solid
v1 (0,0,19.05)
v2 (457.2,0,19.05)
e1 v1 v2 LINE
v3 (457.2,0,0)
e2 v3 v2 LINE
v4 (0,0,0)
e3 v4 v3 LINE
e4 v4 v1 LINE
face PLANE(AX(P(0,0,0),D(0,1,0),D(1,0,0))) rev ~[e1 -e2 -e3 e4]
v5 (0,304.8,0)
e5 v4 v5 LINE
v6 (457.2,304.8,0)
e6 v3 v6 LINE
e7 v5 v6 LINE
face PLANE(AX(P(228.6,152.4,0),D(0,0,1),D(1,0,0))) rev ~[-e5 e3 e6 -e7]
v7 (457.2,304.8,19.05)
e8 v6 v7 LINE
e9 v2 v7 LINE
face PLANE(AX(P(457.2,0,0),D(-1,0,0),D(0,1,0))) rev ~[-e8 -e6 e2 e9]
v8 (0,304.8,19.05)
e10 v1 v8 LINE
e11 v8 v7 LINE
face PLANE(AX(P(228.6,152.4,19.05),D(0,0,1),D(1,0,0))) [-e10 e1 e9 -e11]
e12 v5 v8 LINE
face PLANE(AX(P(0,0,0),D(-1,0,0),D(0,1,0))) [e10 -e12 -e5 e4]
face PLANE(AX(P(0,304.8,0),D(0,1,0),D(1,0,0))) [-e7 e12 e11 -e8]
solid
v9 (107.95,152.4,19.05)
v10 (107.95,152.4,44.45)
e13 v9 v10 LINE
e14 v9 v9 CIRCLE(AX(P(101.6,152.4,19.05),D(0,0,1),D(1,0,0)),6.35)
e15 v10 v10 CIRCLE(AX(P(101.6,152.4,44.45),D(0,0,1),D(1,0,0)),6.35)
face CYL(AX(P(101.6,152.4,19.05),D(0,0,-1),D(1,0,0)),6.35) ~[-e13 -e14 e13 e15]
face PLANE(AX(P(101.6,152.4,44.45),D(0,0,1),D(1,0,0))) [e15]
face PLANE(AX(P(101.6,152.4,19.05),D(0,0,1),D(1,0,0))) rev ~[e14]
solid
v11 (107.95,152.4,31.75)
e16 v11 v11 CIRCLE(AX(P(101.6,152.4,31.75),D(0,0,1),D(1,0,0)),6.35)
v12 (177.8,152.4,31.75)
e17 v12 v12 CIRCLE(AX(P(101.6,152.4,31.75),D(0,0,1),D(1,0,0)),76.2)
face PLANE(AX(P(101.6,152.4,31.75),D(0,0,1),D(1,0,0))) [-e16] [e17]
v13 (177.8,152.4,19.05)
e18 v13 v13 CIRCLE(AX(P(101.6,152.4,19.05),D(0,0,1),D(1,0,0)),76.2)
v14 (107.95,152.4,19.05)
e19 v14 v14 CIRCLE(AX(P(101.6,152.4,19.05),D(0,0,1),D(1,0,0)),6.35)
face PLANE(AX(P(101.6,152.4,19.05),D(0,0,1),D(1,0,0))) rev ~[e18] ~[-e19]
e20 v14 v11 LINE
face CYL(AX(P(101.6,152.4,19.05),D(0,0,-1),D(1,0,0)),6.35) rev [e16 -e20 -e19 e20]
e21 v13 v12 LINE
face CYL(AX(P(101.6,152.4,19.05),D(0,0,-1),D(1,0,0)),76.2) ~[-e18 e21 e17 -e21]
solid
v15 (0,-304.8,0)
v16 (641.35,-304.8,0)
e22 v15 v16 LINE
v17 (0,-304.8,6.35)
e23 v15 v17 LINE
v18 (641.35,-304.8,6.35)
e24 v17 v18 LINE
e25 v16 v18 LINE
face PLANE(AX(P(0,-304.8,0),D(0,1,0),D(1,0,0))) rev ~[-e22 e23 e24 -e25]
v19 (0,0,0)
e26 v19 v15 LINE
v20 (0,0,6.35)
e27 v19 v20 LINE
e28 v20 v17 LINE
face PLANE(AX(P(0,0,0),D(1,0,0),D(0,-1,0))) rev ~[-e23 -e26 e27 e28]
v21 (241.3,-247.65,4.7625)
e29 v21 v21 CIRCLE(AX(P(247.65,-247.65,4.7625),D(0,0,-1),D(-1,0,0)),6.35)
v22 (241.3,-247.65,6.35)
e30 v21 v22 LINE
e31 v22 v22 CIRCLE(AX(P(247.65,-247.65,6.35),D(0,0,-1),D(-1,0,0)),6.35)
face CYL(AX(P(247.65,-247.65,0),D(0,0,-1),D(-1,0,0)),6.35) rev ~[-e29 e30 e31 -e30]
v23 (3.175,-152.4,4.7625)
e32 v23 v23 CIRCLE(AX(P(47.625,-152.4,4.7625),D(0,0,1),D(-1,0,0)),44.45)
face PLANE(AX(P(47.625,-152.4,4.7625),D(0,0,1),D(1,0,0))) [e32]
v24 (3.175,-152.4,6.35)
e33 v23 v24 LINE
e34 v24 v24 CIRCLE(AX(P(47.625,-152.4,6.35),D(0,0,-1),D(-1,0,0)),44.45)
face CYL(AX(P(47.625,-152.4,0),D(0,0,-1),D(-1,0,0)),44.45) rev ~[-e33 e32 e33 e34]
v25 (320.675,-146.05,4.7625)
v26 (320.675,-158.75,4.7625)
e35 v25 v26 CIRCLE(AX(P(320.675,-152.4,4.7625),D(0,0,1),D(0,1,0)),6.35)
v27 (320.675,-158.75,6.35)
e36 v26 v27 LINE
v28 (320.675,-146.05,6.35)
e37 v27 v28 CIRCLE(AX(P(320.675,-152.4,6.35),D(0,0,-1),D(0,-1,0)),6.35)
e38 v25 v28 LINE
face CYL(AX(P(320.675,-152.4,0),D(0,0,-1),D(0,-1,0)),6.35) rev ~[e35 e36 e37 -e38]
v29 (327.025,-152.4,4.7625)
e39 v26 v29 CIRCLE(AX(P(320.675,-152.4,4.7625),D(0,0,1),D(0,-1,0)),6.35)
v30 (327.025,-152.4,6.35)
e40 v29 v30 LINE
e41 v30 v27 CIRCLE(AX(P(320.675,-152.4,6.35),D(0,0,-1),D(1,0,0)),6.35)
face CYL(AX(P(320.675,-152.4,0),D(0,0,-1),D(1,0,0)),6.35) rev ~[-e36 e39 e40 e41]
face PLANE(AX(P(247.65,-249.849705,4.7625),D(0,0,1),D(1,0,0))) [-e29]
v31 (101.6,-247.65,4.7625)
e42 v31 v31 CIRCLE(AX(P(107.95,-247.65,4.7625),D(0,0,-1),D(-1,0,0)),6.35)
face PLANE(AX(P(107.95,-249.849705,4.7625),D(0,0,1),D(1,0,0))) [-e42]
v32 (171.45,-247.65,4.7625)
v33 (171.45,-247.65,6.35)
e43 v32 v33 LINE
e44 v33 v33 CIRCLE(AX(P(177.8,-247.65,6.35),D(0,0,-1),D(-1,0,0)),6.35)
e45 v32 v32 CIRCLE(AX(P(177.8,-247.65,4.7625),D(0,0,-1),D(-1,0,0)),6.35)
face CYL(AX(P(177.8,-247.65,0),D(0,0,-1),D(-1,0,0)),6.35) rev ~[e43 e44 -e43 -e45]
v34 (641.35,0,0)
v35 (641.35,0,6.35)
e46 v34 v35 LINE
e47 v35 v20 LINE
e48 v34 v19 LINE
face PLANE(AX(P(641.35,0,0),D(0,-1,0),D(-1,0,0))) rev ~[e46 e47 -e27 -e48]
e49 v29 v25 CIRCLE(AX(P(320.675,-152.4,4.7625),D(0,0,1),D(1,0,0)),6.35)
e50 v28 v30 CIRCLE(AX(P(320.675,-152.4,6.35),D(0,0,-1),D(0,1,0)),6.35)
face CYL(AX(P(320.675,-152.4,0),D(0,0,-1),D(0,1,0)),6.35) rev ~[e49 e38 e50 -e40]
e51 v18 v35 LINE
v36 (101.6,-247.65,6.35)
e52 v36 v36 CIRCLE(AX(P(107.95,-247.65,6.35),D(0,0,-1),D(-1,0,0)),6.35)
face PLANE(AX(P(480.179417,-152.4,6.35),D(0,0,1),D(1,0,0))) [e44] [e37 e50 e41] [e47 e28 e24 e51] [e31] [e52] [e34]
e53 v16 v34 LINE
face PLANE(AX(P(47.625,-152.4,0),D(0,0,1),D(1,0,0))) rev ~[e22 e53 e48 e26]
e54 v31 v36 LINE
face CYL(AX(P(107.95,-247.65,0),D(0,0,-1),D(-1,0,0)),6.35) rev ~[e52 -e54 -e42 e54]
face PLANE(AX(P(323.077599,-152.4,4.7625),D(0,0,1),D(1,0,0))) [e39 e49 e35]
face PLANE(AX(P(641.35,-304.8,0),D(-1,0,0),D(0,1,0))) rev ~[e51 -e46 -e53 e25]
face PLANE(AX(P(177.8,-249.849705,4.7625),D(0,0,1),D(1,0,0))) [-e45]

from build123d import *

# Parameters (mm, degrees)
F0_W     = 457.2
F0_H     = 304.8
F1_DEPTH = 19.05
F2_R     = 76.2
F2_R_2   = 6.35
F3_DEPTH = 12.7
F4_DEPTH = 25.4
F6_DEPTH = 6.35
F7_DEPTH = 4.7625


with BuildPart() as f1:
    # F0 (on Top) → F1 (new body)
    with BuildSketch(Plane.XY):
        with Locations((228.6, 152.4)):
            Rectangle(F0_W, F0_H)
    extrude(amount=F1_DEPTH)


with BuildPart() as f3:
    # F2 (on face) → F3 (new body)
    with BuildSketch(Plane.XY.offset(19.05)):
        with Locations((101.6, 152.4)):
            Circle(F2_R)
        with Locations((101.6, 152.4)):
            Circle(F2_R_2, mode=Mode.SUBTRACT)
    extrude(amount=F3_DEPTH)


with BuildPart() as f4:
    # F2 (on face) → F4 (new body)
    with BuildSketch(Plane.XY.offset(19.05)):
        with Locations((101.6, 152.4)):
            Circle(F2_R_2)
    extrude(amount=F4_DEPTH)


with BuildPart() as f6:
    # F5 (on Top) → F6 (new body)
    with BuildSketch(Plane.XY):
        with BuildLine():
            Line((641.35, 0), (320.675, 0))
            Line((320.675, 0), (320.675, -16.5491942316))
            Line((320.675, -16.5491942316), (320.675, -146.05))
            ThreePointArc((320.675, -146.05), (325.1651280605, -147.9098719395), (327.025, -152.4))
            ThreePointArc((327.025, -152.4), (325.1651280605, -156.8901280605), (320.675, -158.75))
            Line((320.675, -158.75), (320.675, -247.65))
            Line((320.675, -247.65), (320.675, -304.8))
            Line((320.675, -304.8), (641.35, -304.8))
            Line((641.35, -304.8), (641.35, 0))
        make_face()
        with BuildLine():
            Line((320.675, 0), (0, 0))
            Line((0, 0), (0, -81.5177187324))
            Line((0, -81.5177187324), (0, -152.4))
            Line((0, -152.4), (0, -247.65))
            Line((0, -247.65), (101.6, -247.65))
            ThreePointArc((101.6, -247.65), (107.95, -241.3), (114.3, -247.65))
            Line((114.3, -247.65), (171.45, -247.65))
            ThreePointArc((171.45, -247.65), (177.8, -241.3), (184.15, -247.65))
            Line((184.15, -247.65), (241.3, -247.65))
            ThreePointArc((241.3, -247.65), (247.65, -241.3), (254, -247.65))
            Line((254, -247.65), (320.675, -247.65))
            Line((320.675, -247.65), (320.675, -158.75))
            ThreePointArc((320.675, -158.75), (314.325, -152.4), (320.675, -146.05))
            Line((320.675, -146.05), (320.675, -16.5491942316))
            Line((320.675, -16.5491942316), (320.675, 0))
        make_face()
        with BuildLine():
            ThreePointArc((92.075, -152.4), (47.625, -196.85), (3.175, -152.4))
            ThreePointArc((3.175, -152.4), (47.625, -107.95), (92.075, -152.4))
        make_face(mode=Mode.SUBTRACT)
        with BuildLine():
            Line((101.6, -247.65), (0, -247.65))
            Line((0, -247.65), (0, -304.8))
            Line((0, -304.8), (320.675, -304.8))
            Line((320.675, -304.8), (320.675, -247.65))
            Line((320.675, -247.65), (254, -247.65))
            ThreePointArc((254, -247.65), (247.65, -254), (241.3, -247.65))
            Line((241.3, -247.65), (184.15, -247.65))
            ThreePointArc((184.15, -247.65), (177.8, -254), (171.45, -247.65))
            Line((171.45, -247.65), (114.3, -247.65))
            ThreePointArc((114.3, -247.65), (107.95, -254), (101.6, -247.65))
        make_face()
    extrude(amount=F6_DEPTH)

    # F5 (on Top) → F7 (join)
    with BuildSketch(Plane.XY):
        with BuildLine():
            ThreePointArc((92.075, -152.4), (47.625, -107.95), (3.175, -152.4))
            ThreePointArc((3.175, -152.4), (47.625, -196.85), (92.075, -152.4))
        make_face()
        with BuildLine():
            Line((107.95, -247.65), (101.6, -247.65))
            ThreePointArc((101.6, -247.65), (107.95, -254), (114.3, -247.65))
            Line((114.3, -247.65), (107.95, -247.65))
        make_face()
        with BuildLine():
            ThreePointArc((114.3, -247.65), (107.95, -241.3), (101.6, -247.65))
            Line((101.6, -247.65), (107.95, -247.65))
            Line((107.95, -247.65), (114.3, -247.65))
        make_face()
        with BuildLine():
            Line((177.8, -247.65), (171.45, -247.65))
            ThreePointArc((171.45, -247.65), (177.8, -254), (184.15, -247.65))
            Line((184.15, -247.65), (177.8, -247.65))
        make_face()
        with BuildLine():
            ThreePointArc((184.15, -247.65), (177.8, -241.3), (171.45, -247.65))
            Line((171.45, -247.65), (177.8, -247.65))
            Line((177.8, -247.65), (184.15, -247.65))
        make_face()
        with BuildLine():
            ThreePointArc((241.3, -247.65), (247.65, -254), (254, -247.65))
            Line((254, -247.65), (247.65, -247.65))
            Line((247.65, -247.65), (241.3, -247.65))
        make_face()
        with BuildLine():
            Line((247.65, -247.65), (254, -247.65))
            ThreePointArc((254, -247.65), (247.65, -241.3), (241.3, -247.65))
            Line((241.3, -247.65), (247.65, -247.65))
        make_face()
        with BuildLine():
            ThreePointArc((327.025, -152.4), (325.1651280605, -147.9098719395), (320.675, -146.05))
            Line((320.675, -146.05), (320.675, -152.4))
            Line((320.675, -152.4), (320.675, -158.75))
            ThreePointArc((320.675, -158.75), (325.1651280605, -156.8901280605), (327.025, -152.4))
        make_face()
        with BuildLine():
            Line((320.675, -152.4), (320.675, -146.05))
            ThreePointArc((320.675, -146.05), (314.325, -152.4), (320.675, -158.75))
            Line((320.675, -158.75), (320.675, -152.4))
        make_face()
    extrude(amount=F7_DEPTH)


solid = Compound([f1.part, f3.part, f4.part, f6.part])
